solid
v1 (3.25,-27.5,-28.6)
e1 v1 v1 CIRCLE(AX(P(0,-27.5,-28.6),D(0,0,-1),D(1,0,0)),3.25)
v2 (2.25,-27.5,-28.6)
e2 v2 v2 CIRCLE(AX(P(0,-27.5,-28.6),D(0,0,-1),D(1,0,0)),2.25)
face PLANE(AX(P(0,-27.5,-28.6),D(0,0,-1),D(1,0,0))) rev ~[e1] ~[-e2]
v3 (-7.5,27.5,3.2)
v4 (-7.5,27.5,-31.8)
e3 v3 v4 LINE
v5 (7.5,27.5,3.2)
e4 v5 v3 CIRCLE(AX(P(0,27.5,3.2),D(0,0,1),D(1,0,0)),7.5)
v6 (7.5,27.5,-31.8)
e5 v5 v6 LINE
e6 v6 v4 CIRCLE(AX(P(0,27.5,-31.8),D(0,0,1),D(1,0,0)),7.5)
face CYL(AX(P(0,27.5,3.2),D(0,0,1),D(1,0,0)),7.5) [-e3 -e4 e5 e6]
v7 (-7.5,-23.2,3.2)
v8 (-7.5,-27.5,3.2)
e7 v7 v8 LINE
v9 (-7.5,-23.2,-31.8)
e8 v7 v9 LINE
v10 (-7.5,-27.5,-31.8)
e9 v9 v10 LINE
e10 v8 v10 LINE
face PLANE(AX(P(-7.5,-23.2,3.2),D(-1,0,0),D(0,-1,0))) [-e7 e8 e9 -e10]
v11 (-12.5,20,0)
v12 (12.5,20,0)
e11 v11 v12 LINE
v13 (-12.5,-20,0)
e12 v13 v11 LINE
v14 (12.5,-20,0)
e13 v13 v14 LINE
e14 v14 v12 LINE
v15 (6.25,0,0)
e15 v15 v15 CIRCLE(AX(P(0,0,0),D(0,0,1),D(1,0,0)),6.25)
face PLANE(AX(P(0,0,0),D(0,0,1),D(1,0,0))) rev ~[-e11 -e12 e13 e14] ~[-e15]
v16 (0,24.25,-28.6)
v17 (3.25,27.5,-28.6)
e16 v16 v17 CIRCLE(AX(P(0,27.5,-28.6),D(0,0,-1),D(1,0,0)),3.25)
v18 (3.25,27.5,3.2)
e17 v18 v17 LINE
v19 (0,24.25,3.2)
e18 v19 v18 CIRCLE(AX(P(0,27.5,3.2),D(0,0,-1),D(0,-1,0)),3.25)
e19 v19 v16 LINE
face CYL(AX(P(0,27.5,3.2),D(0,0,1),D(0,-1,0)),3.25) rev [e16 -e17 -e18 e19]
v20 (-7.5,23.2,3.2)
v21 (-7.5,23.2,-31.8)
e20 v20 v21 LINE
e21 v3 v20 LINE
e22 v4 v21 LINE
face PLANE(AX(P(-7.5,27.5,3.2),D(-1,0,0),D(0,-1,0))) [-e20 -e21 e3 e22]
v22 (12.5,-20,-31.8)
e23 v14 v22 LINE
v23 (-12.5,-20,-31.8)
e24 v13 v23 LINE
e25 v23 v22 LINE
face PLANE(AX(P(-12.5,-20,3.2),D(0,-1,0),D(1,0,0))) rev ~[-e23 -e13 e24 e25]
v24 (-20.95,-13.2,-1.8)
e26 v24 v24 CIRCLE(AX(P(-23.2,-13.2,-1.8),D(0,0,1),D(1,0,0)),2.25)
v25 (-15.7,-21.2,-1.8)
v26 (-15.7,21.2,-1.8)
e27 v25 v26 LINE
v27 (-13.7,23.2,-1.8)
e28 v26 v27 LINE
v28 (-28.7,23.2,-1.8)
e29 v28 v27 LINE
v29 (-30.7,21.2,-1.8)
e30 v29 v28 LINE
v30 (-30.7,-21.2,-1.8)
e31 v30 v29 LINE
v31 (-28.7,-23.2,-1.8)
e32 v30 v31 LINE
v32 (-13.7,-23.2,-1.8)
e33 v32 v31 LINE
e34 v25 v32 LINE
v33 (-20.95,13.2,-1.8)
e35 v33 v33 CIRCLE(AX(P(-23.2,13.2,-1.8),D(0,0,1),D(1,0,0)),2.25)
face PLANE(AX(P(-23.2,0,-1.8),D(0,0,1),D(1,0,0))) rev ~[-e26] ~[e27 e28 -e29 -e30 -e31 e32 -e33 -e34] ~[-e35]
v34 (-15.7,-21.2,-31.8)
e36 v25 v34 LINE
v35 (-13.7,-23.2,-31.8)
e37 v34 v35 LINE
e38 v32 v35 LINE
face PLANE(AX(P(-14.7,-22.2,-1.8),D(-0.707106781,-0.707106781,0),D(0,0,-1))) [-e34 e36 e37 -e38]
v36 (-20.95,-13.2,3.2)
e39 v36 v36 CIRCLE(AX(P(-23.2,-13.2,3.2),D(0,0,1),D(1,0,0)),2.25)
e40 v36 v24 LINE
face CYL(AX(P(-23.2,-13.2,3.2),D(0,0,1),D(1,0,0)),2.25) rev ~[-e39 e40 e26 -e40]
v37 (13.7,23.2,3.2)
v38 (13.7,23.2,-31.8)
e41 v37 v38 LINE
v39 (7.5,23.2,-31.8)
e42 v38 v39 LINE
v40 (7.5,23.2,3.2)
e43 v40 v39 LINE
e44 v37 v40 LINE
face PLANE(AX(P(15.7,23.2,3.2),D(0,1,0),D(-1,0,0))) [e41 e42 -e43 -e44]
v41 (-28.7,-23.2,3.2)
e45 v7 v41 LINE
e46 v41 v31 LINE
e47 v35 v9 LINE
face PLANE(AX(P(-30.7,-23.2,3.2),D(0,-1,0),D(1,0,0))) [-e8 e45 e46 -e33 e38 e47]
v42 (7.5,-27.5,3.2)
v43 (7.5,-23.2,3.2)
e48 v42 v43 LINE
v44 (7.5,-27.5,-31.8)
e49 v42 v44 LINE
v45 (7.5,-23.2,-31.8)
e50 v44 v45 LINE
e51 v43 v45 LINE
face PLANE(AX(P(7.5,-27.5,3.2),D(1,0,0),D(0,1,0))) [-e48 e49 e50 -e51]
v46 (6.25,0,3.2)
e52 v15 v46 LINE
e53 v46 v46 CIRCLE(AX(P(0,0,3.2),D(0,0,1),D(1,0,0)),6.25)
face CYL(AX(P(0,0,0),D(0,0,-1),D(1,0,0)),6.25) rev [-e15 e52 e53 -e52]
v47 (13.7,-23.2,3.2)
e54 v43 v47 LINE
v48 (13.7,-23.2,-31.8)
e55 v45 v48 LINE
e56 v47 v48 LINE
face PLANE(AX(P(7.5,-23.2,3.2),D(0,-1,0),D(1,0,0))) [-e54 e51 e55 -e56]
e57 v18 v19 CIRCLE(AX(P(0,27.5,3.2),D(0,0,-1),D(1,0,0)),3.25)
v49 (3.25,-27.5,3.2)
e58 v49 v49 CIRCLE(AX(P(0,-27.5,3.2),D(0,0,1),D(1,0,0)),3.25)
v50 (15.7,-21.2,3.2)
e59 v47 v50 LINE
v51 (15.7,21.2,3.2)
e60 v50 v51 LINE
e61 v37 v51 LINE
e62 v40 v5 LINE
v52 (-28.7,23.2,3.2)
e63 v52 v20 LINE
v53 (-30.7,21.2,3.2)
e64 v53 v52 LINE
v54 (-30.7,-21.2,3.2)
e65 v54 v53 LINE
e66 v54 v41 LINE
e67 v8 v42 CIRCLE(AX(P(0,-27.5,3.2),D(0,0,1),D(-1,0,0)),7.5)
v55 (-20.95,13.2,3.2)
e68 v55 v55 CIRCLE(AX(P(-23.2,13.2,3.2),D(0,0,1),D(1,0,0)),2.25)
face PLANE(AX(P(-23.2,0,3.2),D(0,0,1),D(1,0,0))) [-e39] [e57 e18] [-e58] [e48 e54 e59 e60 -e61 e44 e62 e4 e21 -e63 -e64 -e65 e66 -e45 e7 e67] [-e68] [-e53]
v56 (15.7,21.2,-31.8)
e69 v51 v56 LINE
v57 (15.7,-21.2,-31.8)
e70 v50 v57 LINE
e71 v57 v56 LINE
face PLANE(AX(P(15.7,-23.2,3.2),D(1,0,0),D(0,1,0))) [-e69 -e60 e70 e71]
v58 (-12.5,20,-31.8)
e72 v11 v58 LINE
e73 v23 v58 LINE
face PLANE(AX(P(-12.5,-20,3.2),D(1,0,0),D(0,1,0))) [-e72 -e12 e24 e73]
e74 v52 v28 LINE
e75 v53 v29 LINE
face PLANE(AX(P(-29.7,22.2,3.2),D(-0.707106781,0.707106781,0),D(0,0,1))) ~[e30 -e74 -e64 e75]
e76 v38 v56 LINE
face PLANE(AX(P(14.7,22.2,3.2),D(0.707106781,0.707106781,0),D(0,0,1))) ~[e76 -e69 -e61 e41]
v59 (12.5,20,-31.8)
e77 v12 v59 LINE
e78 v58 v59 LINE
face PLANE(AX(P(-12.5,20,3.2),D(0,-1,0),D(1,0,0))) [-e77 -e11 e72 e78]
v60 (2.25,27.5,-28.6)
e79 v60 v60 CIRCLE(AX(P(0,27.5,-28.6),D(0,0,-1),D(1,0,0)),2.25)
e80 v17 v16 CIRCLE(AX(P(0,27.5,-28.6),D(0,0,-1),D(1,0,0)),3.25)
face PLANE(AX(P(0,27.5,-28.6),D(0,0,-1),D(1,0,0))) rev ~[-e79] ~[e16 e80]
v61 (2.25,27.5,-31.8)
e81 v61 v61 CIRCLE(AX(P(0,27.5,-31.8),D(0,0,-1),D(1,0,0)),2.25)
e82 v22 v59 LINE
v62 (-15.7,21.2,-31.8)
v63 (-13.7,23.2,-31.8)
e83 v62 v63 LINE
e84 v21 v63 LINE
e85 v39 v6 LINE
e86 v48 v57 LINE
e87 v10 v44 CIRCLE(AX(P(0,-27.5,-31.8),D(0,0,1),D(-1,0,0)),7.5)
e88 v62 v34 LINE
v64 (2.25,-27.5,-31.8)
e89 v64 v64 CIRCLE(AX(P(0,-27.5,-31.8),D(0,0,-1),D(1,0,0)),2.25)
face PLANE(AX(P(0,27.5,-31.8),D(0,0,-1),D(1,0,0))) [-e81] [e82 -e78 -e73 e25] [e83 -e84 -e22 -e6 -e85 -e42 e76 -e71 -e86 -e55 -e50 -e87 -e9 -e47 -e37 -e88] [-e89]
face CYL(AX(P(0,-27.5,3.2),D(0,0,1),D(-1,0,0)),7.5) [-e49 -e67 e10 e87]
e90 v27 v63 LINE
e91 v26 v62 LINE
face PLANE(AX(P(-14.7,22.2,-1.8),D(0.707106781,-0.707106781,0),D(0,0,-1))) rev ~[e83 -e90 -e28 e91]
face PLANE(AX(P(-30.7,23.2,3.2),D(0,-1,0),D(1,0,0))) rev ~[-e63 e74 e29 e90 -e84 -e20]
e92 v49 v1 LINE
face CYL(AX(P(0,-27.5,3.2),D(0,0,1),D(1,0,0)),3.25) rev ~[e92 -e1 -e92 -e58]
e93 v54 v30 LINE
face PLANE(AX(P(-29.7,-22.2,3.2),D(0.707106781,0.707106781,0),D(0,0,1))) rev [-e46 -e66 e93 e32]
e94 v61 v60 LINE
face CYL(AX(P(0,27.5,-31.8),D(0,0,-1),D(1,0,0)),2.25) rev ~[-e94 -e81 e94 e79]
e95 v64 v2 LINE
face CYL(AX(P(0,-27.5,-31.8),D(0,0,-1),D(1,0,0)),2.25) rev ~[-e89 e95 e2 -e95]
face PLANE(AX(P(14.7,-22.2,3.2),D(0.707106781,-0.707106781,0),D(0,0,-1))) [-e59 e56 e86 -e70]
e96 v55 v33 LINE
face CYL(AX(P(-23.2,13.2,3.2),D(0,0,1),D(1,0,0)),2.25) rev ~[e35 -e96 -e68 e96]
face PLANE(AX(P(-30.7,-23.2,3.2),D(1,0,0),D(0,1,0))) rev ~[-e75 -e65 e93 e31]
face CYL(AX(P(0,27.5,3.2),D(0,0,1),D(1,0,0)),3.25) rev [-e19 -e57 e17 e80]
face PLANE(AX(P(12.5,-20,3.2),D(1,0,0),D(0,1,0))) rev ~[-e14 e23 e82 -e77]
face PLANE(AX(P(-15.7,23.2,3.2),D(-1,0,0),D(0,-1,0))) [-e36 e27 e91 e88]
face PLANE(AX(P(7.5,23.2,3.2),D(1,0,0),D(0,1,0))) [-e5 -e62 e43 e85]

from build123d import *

# Parameters (mm, degrees)
F0_W     = 25
F0_H     = 40
F0_R     = 6.25
F1_DEPTH = 3.2
F2_R     = 3.25
F2_W     = 25
F2_H     = 40
F3_DEPTH = 35
F4_W     = 15
F4_H     = 46.4
F4_R     = 2.25
F5_DEPTH = 5
F6_SIZE  = 2
F7_R     = 3.25
F7_R_2   = 2.25
F8_DEPTH = 3.2


with BuildPart() as f1:
    # F0 (on Top) → F1 (new body)
    with BuildSketch(Plane.XY):
        Rectangle(F0_W, F0_H)
        Circle(F0_R, mode=Mode.SUBTRACT)
    extrude(amount=F1_DEPTH)

    # F2 (on face) → F3 (join)
    with BuildSketch(Plane.XY.offset(3.2)):
        with BuildLine():
            Line((15.7, -23.2), (15.7, 23.2))
            Line((15.7, 23.2), (7.5, 23.2))
            Line((7.5, 23.2), (7.5, 27.5))
            ThreePointArc((7.5, 27.5), (0, 35), (-7.5, 27.5))
            Line((-7.5, 27.5), (-7.5, 23.2))
            Line((-7.5, 23.2), (-15.7, 23.2))
            Line((-15.7, 23.2), (-15.7, -23.2))
            Line((-15.7, -23.2), (-7.5, -23.2))
            Line((-7.5, -23.2), (-7.5, -27.5))
            ThreePointArc((-7.5, -27.5), (0, -35), (7.5, -27.5))
            Line((7.5, -27.5), (7.5, -23.2))
            Line((7.5, -23.2), (15.7, -23.2))
        make_face()
        with Locations((0, -27.5)):
            Circle(F2_R, mode=Mode.SUBTRACT)
        Rectangle(F2_W, F2_H, mode=Mode.SUBTRACT)
        with BuildLine():
            ThreePointArc((0, 24.25), (-2.2980970389, 29.7980970389), (3.25, 27.5))
            ThreePointArc((3.25, 27.5), (2.2980970389, 25.2019029611), (0, 24.25))
        make_face(mode=Mode.SUBTRACT)
    extrude(amount=-F3_DEPTH)

    # F4 (on face) → F5 (join)
    with BuildSketch(Plane.XY.offset(3.2)):
        with Locations((-23.2, 0)):
            Rectangle(F4_W, F4_H)
        with Locations((-23.2, -13.2)):
            Circle(F4_R, mode=Mode.SUBTRACT)
        with Locations((-23.2, 13.2)):
            Circle(F4_R, mode=Mode.SUBTRACT)
    extrude(amount=-F5_DEPTH)

    # F6
    f6_edges = [f1.edges().sort_by_distance(p)[0] for p in [
        (15.7, 23.2, -14.3),
        (-15.7, 23.2, -16.8),
        (-15.7, -23.2, -16.8),
        (15.7, -23.2, -14.3),
        (-30.7, 23.2, 0.7),
        (-30.7, -23.2, 0.7),
    ]]
    chamfer(f6_edges, length=F6_SIZE)

    # F7 (on face) → F8 (join)
    with BuildSketch(Plane(origin=(0, 0, -31.8), x_dir=(1, 0, 0), z_dir=(0, 0, -1))):
        with Locations((0, -27.5)):
            Circle(F7_R)
        with Locations((0, -27.5)):
            Circle(F7_R_2, mode=Mode.SUBTRACT)
        with Locations((0, 27.5)):
            Circle(F7_R)
        with Locations((0, 27.5)):
            Circle(F7_R_2, mode=Mode.SUBTRACT)
    extrude(amount=-F8_DEPTH)


solid = f1.part
